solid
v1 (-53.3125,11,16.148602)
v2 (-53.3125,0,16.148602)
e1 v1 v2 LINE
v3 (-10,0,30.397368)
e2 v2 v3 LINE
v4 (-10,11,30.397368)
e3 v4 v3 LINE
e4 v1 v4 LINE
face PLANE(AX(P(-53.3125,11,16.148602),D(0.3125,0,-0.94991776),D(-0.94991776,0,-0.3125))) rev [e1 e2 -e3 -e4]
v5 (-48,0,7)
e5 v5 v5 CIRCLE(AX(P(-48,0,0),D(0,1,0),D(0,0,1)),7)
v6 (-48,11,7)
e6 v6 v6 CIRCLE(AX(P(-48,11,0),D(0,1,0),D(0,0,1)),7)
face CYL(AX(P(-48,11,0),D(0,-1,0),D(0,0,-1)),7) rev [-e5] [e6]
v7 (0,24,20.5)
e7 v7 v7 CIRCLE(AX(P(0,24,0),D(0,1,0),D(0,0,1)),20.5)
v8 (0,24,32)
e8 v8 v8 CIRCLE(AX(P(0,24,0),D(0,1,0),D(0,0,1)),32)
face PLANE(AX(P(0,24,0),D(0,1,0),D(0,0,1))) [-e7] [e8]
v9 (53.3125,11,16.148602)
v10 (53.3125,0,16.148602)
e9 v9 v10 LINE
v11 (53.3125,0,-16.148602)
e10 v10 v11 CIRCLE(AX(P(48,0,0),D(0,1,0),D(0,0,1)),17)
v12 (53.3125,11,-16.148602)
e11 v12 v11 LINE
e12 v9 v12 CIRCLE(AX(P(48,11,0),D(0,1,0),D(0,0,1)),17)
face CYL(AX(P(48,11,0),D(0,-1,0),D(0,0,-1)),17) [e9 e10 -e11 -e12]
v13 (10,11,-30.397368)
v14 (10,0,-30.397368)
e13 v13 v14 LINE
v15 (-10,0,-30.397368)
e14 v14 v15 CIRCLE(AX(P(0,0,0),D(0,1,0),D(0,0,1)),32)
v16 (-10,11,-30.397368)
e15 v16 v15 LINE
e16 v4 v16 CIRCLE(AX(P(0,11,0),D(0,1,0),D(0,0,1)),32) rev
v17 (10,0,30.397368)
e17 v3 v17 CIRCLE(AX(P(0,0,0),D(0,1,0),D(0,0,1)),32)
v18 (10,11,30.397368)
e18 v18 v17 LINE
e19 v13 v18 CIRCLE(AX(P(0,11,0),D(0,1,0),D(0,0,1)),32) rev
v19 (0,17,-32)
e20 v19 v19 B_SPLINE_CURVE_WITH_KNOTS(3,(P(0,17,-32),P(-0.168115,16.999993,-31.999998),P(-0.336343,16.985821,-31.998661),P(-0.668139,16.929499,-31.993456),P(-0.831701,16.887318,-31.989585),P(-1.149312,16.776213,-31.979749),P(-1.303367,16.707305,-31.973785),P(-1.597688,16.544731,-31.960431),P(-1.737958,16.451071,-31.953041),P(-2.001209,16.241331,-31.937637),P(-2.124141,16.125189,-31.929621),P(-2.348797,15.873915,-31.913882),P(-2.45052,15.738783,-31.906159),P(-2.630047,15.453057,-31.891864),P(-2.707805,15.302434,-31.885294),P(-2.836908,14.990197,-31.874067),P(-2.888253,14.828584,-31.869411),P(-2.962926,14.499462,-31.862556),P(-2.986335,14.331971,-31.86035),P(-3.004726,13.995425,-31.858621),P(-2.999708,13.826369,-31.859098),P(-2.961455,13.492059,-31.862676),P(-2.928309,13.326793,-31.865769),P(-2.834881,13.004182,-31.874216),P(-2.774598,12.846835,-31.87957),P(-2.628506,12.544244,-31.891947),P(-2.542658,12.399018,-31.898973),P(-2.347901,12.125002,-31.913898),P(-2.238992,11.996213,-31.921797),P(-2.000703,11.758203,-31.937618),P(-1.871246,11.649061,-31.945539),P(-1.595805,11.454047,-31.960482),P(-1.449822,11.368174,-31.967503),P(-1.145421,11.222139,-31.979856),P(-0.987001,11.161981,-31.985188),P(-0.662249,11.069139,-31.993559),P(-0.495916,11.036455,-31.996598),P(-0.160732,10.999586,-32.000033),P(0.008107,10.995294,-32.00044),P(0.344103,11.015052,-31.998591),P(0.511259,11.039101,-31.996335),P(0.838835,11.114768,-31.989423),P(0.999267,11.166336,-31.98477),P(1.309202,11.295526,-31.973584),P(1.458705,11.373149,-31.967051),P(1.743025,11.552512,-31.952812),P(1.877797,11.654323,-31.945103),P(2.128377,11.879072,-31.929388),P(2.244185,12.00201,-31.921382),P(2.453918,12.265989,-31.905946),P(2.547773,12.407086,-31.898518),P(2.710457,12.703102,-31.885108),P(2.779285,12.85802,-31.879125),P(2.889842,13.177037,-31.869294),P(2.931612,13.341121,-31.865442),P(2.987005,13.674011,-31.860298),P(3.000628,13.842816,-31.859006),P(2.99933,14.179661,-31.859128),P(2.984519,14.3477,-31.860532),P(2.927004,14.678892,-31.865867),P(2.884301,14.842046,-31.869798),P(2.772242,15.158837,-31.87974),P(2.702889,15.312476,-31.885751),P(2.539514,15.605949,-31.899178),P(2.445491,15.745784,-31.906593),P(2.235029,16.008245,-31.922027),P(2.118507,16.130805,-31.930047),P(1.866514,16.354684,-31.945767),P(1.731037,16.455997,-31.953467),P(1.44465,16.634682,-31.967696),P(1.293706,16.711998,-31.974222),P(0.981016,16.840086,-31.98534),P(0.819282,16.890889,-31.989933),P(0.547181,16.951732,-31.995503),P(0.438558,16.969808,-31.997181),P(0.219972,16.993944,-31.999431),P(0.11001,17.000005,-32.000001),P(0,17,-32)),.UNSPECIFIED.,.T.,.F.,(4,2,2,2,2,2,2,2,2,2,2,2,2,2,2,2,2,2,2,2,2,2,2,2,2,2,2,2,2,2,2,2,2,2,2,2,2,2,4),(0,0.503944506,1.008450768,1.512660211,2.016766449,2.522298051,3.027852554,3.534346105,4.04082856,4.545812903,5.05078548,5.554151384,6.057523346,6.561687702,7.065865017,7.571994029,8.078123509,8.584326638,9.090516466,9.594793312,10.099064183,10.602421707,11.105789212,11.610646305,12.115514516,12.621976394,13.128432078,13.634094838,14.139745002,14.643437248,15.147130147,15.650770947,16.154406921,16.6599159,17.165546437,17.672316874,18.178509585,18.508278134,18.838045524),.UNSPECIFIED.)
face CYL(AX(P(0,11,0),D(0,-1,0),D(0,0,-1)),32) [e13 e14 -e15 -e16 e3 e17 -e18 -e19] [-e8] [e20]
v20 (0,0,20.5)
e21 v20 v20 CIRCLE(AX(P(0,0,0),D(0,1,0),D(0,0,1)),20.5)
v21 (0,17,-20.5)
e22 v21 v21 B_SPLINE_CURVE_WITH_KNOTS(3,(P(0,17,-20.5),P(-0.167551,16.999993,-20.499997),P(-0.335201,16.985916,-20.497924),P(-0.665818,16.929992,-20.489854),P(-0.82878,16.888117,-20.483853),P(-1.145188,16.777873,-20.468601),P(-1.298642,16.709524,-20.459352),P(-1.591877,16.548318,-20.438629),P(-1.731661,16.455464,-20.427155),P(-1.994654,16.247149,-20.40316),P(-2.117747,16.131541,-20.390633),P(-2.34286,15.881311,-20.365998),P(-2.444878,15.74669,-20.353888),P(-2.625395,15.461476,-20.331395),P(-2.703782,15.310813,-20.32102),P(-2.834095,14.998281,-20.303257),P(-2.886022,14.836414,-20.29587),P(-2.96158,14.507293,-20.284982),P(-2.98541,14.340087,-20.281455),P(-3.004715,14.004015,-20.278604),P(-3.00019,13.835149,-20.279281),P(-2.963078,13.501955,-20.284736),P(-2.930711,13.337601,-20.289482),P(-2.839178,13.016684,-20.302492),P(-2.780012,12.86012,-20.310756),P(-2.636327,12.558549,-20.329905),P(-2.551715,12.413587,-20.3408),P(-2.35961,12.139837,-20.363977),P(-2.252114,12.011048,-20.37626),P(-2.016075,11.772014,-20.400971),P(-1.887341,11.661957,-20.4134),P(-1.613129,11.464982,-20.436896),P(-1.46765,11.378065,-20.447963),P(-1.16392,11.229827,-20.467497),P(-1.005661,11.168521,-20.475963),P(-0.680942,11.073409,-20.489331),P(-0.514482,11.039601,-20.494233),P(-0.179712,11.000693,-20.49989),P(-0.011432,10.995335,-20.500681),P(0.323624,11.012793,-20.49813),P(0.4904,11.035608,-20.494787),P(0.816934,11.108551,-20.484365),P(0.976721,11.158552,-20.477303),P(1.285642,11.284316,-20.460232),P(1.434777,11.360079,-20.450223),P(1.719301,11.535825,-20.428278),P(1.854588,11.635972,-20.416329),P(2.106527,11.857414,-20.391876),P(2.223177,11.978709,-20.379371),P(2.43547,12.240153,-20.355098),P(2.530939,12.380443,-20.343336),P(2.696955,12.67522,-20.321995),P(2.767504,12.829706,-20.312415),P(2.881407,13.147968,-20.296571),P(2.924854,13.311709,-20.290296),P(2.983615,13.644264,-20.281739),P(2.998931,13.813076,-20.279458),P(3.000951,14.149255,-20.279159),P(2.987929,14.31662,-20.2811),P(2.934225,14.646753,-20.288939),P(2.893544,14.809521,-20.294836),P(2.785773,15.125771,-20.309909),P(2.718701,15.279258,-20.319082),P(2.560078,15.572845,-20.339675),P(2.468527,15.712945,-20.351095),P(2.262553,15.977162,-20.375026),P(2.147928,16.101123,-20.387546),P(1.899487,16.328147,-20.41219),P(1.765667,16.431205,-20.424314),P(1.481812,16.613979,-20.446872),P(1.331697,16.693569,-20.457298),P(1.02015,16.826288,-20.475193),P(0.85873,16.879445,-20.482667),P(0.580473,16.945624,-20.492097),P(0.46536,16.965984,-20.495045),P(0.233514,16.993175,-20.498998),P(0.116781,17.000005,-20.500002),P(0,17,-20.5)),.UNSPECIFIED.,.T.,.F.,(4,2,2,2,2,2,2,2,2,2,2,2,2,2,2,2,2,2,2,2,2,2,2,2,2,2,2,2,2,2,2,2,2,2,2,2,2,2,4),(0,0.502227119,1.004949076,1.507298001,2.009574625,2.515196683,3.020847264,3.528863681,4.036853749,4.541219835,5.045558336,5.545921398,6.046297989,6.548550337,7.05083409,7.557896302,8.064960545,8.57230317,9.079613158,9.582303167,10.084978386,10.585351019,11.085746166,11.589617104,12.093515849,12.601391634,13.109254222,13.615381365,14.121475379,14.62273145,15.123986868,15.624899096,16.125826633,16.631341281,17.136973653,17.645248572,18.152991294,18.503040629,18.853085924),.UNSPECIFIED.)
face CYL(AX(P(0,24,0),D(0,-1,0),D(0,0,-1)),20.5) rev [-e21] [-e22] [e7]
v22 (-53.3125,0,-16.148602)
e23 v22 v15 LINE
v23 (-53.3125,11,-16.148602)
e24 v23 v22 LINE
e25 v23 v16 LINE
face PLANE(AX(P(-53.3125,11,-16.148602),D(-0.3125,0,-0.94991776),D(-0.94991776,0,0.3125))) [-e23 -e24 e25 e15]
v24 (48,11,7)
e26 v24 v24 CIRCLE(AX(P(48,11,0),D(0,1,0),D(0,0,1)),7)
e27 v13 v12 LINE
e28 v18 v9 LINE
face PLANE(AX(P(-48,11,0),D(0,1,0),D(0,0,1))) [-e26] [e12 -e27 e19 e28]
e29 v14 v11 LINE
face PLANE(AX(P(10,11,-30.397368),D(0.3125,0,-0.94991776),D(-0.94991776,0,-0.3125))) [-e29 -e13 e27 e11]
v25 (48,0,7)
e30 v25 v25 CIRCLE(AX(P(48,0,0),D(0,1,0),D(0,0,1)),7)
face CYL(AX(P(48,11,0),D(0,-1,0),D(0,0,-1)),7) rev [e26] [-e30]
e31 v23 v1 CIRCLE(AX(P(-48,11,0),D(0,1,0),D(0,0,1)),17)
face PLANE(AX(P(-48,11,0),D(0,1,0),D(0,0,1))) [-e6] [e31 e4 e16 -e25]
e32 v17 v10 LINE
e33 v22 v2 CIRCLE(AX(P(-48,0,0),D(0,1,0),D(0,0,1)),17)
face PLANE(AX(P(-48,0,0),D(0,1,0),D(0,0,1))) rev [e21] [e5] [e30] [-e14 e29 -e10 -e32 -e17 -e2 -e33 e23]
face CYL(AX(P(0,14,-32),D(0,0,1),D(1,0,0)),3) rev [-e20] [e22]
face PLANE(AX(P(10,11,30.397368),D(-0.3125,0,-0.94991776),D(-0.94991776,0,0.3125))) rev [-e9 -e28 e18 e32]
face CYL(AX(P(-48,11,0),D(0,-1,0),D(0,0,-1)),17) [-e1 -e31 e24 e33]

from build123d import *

# Parameters (mm, degrees)
EXTRUDE_2_DEPTH     = 11
SKETCH_2_R          = 7
CUT_EXTRUDE_1_DEPTH = 11
SKETCH_3_R          = 32
EXTRUDE_3_DEPTH     = 24
SKETCH_4_R          = 20.5
CUT_EXTRUDE_2_DEPTH = 25
SKETCH_5_R          = 3
CUT_EXTRUDE_3_DEPTH = 33


with BuildPart() as part:
    # 스케치1 → 보스-돌출2 (new body)
    with BuildSketch(Plane(origin=(0, 0, 0), x_dir=(1, 0, 0), z_dir=(0, 1, 0))):
        with BuildLine():
            Line((-53.3125, 16.148601913), (-10, 30.397368307))
            ThreePointArc((-10, 30.397368307), (0, 32), (10, 30.397368307))
            Line((10, 30.397368307), (53.3125, 16.148601913))
            ThreePointArc((53.3125, 16.148601913), (65, 0), (53.3125, -16.148601913))
            Line((53.3125, -16.148601913), (10, -30.397368307))
            ThreePointArc((10, -30.397368307), (0, -32), (-10, -30.397368307))
            Line((-10, -30.397368307), (-53.3125, -16.148601913))
            ThreePointArc((-53.3125, -16.148601913), (-65, 0), (-53.3125, 16.148601913))
        make_face()
    extrude(amount=EXTRUDE_2_DEPTH)

    # 스케치2 → 컷-돌출1 (cut)
    with BuildSketch(Plane(origin=(0, 0, 0), x_dir=(1, 0, 0), z_dir=(0, 1, 0))):
        with Locations((-48, 0)):
            Circle(SKETCH_2_R)
        with Locations((48, 0)):
            Circle(SKETCH_2_R)
    extrude(amount=CUT_EXTRUDE_1_DEPTH, mode=Mode.SUBTRACT)

    # 스케치3 → 보스-돌출3 (add)
    with BuildSketch(Plane(origin=(0, 0, 0), x_dir=(1, 0, 0), z_dir=(0, 1, 0))):
        Circle(SKETCH_3_R)
    extrude(amount=EXTRUDE_3_DEPTH)

    # 스케치4 → 컷-돌출2 (cut, through all)
    with BuildSketch(Plane(origin=(0, 0, 0), x_dir=(1, 0, 0), z_dir=(0, 1, 0))):
        Circle(SKETCH_4_R)
    extrude(amount=CUT_EXTRUDE_2_DEPTH, mode=Mode.SUBTRACT)

    # 스케치5 → 컷-돌출3 (cut, through all)
    with BuildSketch(Plane.XY):
        with Locations((0, 14)):
            Circle(SKETCH_5_R)
    extrude(amount=-CUT_EXTRUDE_3_DEPTH, mode=Mode.SUBTRACT)


solid = part.part
